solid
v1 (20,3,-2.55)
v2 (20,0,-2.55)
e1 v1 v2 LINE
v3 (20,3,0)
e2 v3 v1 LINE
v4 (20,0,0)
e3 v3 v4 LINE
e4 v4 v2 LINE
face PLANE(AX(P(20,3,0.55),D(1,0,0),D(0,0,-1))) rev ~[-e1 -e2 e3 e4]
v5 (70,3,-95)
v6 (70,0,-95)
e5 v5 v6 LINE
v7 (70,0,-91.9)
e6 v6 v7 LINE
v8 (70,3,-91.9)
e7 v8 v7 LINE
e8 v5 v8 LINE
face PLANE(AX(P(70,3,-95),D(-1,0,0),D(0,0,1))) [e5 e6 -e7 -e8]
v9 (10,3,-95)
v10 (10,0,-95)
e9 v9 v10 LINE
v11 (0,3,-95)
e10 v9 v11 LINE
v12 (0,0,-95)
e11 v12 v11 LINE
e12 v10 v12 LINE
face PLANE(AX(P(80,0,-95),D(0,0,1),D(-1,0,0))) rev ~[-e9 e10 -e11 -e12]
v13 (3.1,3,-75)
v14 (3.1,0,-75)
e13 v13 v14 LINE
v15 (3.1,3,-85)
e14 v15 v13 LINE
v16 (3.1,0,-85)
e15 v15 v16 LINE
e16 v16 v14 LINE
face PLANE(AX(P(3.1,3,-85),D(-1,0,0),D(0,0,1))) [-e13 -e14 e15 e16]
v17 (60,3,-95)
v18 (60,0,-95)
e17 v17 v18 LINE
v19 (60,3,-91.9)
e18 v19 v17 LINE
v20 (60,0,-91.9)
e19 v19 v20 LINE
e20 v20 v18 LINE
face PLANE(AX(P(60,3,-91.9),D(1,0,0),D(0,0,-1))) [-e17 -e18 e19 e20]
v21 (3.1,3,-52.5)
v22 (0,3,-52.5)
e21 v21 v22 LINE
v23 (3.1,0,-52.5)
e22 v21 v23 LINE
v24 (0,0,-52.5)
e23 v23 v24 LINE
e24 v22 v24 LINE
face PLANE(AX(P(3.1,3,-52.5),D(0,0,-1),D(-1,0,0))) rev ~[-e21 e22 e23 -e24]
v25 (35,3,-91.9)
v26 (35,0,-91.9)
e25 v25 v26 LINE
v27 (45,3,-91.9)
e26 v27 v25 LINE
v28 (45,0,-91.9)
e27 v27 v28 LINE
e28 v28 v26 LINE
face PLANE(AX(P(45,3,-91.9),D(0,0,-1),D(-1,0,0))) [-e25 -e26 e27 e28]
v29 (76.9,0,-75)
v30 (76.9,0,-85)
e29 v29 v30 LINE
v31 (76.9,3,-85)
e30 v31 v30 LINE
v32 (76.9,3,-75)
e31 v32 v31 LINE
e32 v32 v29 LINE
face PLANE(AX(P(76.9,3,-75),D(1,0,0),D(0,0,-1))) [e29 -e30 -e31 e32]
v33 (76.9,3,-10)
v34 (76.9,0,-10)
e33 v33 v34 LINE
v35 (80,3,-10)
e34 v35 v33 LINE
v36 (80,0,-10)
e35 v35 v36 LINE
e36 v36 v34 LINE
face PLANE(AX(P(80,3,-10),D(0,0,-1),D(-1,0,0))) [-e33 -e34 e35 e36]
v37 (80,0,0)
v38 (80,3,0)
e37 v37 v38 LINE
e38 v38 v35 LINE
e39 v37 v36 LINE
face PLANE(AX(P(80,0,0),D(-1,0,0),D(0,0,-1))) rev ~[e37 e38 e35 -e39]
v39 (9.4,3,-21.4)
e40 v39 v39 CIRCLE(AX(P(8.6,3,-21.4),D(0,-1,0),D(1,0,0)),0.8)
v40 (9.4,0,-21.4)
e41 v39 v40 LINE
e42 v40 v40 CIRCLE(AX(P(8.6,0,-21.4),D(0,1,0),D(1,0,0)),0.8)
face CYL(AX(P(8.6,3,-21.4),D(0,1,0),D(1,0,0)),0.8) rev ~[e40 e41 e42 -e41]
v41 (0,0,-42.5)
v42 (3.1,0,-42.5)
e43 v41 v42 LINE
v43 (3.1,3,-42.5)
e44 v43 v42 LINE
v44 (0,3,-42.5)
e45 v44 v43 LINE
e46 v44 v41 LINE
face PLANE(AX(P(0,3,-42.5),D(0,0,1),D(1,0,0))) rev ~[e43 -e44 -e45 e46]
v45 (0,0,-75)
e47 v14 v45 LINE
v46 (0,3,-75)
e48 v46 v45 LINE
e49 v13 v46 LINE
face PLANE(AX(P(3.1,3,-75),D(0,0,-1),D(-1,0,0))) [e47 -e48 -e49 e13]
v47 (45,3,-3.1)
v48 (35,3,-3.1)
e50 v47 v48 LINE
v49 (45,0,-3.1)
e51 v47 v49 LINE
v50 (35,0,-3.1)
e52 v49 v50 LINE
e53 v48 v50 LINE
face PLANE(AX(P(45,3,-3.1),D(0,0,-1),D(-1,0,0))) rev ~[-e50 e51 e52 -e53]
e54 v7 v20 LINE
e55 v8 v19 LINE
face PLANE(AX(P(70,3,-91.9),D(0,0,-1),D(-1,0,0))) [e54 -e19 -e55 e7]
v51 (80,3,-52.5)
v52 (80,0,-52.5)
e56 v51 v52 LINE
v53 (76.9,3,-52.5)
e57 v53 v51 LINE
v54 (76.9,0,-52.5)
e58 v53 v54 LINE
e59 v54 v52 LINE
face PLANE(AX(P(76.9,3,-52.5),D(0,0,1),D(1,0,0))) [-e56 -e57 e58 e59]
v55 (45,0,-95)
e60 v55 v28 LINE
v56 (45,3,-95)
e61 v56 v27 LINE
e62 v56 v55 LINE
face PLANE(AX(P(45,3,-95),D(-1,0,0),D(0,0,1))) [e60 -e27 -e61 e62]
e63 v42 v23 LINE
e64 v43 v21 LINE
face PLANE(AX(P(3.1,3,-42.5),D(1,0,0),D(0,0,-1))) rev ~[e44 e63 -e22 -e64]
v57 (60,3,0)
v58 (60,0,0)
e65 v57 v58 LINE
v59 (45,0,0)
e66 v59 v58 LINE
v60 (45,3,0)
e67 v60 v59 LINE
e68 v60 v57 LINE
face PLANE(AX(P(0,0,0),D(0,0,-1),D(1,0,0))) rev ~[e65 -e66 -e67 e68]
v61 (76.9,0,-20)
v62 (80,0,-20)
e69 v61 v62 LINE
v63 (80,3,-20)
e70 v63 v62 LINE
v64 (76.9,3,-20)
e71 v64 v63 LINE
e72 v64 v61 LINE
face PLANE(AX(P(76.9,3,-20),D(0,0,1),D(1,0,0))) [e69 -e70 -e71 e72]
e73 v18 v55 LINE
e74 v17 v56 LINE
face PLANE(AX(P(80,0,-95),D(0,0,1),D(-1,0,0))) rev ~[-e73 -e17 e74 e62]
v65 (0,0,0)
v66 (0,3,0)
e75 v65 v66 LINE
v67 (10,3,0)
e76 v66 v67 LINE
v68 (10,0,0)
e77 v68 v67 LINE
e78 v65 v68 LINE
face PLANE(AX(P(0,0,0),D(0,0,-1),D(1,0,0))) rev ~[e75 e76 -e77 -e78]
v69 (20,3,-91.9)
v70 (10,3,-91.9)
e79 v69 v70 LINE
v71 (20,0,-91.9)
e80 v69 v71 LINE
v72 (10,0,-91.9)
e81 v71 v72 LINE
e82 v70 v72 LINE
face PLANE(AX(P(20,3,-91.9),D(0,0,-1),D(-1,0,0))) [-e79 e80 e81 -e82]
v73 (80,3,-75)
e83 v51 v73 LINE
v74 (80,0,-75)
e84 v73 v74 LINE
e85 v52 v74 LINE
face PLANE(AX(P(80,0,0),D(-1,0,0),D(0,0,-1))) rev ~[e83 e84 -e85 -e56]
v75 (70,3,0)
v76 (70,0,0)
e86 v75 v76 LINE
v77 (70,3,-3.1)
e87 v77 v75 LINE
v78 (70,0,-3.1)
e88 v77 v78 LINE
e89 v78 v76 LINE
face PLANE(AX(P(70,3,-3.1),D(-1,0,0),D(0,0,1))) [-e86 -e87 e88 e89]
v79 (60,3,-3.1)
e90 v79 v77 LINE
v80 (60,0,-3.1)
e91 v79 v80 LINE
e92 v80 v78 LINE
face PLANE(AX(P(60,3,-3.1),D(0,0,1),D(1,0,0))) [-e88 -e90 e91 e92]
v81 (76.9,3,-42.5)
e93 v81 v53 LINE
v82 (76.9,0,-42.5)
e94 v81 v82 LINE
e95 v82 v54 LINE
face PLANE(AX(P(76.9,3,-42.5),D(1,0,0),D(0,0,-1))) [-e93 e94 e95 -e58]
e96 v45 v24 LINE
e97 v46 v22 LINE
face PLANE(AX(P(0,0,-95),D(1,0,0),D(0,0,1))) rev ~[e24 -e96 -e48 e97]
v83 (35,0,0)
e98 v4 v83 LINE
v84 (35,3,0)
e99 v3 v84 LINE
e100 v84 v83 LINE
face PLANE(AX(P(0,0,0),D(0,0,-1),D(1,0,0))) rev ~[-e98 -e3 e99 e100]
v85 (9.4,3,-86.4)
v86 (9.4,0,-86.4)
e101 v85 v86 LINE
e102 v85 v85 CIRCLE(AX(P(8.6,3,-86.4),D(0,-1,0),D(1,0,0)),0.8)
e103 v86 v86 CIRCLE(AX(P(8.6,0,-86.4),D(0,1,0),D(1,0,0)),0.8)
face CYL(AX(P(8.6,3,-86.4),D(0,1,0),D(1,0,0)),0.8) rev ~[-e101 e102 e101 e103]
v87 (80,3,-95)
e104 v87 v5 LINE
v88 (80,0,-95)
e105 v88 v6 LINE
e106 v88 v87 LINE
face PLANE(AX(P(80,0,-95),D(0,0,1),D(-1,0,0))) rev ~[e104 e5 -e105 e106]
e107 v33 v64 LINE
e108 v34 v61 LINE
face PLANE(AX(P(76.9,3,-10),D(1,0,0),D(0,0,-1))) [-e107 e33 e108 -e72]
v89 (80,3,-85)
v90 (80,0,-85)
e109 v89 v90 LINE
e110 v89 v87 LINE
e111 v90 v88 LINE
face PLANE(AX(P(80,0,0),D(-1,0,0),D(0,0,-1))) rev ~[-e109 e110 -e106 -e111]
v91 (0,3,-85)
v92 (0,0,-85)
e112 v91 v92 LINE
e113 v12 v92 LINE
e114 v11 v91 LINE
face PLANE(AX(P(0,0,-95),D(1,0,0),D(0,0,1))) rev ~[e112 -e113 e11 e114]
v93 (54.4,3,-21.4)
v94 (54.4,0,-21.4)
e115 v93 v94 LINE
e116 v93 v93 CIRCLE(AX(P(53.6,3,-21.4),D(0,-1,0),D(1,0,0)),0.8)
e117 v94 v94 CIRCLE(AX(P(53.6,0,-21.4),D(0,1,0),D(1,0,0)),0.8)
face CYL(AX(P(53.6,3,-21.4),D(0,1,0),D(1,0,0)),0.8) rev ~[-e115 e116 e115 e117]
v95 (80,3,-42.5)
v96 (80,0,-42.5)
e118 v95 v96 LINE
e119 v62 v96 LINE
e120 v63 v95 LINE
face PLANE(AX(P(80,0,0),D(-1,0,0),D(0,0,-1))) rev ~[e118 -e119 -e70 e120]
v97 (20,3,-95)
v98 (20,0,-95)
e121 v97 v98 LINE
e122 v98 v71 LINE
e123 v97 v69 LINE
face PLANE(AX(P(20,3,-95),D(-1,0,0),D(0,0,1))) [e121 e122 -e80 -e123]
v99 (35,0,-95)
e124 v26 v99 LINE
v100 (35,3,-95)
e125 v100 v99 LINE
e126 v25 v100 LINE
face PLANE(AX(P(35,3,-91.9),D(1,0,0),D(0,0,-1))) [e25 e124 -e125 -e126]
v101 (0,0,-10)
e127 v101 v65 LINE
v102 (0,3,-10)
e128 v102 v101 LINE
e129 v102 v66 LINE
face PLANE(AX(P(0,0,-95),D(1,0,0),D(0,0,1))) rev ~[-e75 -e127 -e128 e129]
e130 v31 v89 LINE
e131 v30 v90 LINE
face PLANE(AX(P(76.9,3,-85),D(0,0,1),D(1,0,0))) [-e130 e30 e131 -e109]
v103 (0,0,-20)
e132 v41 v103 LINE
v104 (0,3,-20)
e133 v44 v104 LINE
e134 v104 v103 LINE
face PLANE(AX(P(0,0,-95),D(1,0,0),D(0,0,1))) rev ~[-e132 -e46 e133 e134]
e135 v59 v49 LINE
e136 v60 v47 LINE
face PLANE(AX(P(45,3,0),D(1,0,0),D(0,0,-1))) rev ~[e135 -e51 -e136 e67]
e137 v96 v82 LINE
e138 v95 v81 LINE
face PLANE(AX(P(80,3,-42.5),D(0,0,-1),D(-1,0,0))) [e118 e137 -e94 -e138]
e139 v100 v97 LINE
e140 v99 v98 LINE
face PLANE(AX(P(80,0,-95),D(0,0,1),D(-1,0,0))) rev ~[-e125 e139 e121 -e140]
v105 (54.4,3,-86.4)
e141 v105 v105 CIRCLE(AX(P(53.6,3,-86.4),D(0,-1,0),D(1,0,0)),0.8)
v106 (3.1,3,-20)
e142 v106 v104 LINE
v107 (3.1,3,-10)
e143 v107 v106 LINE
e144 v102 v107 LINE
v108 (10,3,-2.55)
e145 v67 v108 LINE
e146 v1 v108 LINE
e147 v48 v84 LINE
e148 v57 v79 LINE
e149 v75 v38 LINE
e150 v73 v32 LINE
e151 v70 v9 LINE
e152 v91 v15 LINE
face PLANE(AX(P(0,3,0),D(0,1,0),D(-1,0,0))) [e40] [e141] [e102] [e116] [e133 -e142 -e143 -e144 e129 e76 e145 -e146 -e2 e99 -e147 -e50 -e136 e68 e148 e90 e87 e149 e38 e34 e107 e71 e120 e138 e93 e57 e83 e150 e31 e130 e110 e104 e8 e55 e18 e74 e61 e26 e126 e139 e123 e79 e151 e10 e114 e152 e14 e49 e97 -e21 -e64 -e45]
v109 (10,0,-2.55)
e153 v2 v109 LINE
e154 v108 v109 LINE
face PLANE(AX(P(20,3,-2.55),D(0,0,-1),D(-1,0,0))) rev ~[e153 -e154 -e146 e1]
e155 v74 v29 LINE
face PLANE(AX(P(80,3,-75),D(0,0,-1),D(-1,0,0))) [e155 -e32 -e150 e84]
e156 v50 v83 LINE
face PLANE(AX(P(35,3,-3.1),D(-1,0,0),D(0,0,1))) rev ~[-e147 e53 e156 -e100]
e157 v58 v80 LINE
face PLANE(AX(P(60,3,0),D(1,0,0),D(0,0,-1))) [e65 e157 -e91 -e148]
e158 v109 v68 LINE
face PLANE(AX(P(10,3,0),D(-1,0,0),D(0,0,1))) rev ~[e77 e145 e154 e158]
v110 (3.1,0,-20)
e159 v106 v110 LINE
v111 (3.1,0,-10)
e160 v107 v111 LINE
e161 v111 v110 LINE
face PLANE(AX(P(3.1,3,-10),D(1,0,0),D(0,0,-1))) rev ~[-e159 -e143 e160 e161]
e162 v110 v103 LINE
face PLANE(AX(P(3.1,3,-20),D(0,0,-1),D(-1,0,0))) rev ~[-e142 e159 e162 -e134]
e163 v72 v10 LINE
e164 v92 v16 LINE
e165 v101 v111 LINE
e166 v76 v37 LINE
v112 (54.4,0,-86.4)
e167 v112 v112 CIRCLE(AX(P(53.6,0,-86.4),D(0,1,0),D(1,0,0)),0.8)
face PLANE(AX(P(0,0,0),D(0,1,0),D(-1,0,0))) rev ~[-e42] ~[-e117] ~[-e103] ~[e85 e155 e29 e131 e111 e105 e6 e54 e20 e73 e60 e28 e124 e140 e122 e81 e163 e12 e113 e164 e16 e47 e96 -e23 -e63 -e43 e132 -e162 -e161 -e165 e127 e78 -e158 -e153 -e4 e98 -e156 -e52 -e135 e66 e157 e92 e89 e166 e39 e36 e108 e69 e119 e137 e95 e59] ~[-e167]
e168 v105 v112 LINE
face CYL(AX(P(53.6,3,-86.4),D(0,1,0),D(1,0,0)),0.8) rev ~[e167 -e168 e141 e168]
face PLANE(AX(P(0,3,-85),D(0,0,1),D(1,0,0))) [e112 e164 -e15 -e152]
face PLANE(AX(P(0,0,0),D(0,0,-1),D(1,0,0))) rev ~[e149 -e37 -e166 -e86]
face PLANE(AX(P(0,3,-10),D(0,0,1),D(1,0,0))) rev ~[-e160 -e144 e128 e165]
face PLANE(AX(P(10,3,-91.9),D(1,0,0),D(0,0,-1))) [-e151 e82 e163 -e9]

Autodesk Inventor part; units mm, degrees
ref_plane "YZ Plane" through (0, 0, 0) normal (1, 0, 0) x (0, 1, 0)
ref_plane "XZ Plane" through (0, 0, 0) normal (0, 1, 0) x (-1, 0, 0)
ref_plane "XY Plane" through (0, 0, 0) normal (0, 0, 1) x (1, 0, 0)
sketch "Fundo" plane through (0, 0, 0) normal (0, 1, 0) x (-1, 0, 0)
  line L0 (0, 0) -> (-80, 0)
  line L1 (-80, 0) -> (-80, -95)
  line L2 (-80, -95) -> (0, -95)
  line L3 (0, -95) -> (0, 0)
  dimension "d0" = 80
  dimension "d1" = 95
extrude "Extrusão1" add sketch "Fundo" along normal blind 3
sketch "Esboço3" plane through (0, 3, 0) normal (0, 1, 0) x (1, 0, 0)
  line L0 (10, -0.55) -> (20, -0.55)
  line L1 (20, -0.55) -> (20, 2.55)
  line L2 (20, 2.55) -> (10, 2.55)
  line L3 (10, 2.55) -> (10, -0.55)
  line L4 (0, 0) -> (80, 0) projected
  line L5 (70, 0) -> (60, 0)
  line L6 (60, 0) -> (60, 3.1)
  line L7 (60, 3.1) -> (70, 3.1)
  line L8 (70, 3.1) -> (70, 0)
  line L9 (35, 0) -> (45, 0)
  line L10 (45, 0) -> (45, 3.1)
  line L11 (45, 3.1) -> (35, 3.1)
  line L12 (35, 3.1) -> (35, 0)
  line L13 (80, 95) -> (0, 95) projected
  line L14 (10, 95) -> (20, 95)
  line L15 (20, 95) -> (20, 91.9)
  line L16 (20, 91.9) -> (10, 91.9)
  line L17 (10, 91.9) -> (10, 95)
  line L18 (35, 95) -> (45, 95)
  line L19 (45, 95) -> (45, 91.9)
  line L20 (45, 91.9) -> (35, 91.9)
  line L21 (35, 91.9) -> (35, 95)
  line L22 (60, 95) -> (70, 95)
  line L23 (70, 95) -> (70, 91.9)
  line L24 (70, 91.9) -> (60, 91.9)
  line L25 (60, 91.9) -> (60, 95)
  line L26 (80, 0) -> (80, 95) projected
  line L27 (0, 95) -> (0, 0) projected
  point P0 (10, 1)
  point P1 (60, 1.55)
  point P2 (20, 1)
  point P3 (35, 1.55)
  point P4 (10, 93.45)
  point P5 (70, 93.45)
  point P6 (60, 93.45)
  point P7 (45, 93.45)
  point P8 (45, 1.55)
  point P9 (35, 93.45)
  point P10 (20, 93.45)
  point P11 (20, 95)
  point P12 (45, 0)
  point P13 (60, 0)
  point P14 (70, 1.55)
  dimension "d4" = 10
  dimension "d5" = 3.1
  dimension "d7" = 10
  dimension "d8" = 3.1
  dimension "d10" = 10
  dimension "d11" = 3.1
  dimension "d18" = 10
  dimension "d19" = 3.1
  dimension "d20" = 10
  dimension "d21" = 3.1
  dimension "d22" = 10
  dimension "d23" = 3.1
  dimension "d30" = 10
  dimension "d113" = 10
  dimension "d114" = 10
  dimension "d115" = 15
  dimension "d116" = 15
  dimension "d117" = 40
  dimension "d118" = 15
  dimension "d119" = 15
  dimension "d120" = 10
extrude "Extrusão2" cut sketch "Esboço3" against normal blind 10 contours L3 L4 L1 L0 | L3 L2 L1 L4 | L12 L11 L10 L4 | L13 L15 L16 L17 | L6 L7 L8 L4 | L13 L19 L20 L21 | L13 L23 L24 L25
sketch "Esboço4" plane through (0, 3, 0) normal (0, 1, 0) x (1, 0, 0)
  line L0 (0, 95) -> (0, 0) projected
  line L1 (0, 10) -> (3.1, 10)
  line L2 (3.1, 10) -> (3.1, 20)
  line L3 (3.1, 20) -> (0, 20)
  line L4 (0, 20) -> (0, 10)
  line L5 (0, 85) -> (3.1, 85)
  line L6 (3.1, 85) -> (3.1, 75)
  line L7 (3.1, 75) -> (0, 75)
  line L8 (0, 75) -> (0, 85)
  line L9 (0, 42.5) -> (3.1, 42.5)
  line L10 (3.1, 42.5) -> (3.1, 52.5)
  line L11 (3.1, 52.5) -> (0, 52.5)
  line L12 (0, 52.5) -> (0, 42.5)
  line L13 (10, 95) -> (0, 95) projected
  line L14 (80, 0) -> (80, 95) projected
  line L15 (80, 10) -> (76.9, 10)
  line L16 (76.9, 10) -> (76.9, 20)
  line L17 (76.9, 20) -> (80, 20)
  line L18 (80, 20) -> (80, 10)
  line L19 (80, 42.5) -> (76.9, 42.5)
  line L20 (76.9, 42.5) -> (76.9, 52.5)
  line L21 (76.9, 52.5) -> (80, 52.5)
  line L22 (80, 52.5) -> (80, 42.5)
  line L23 (80, 75) -> (76.9, 75)
  line L24 (76.9, 75) -> (76.9, 85)
  line L25 (76.9, 85) -> (80, 85)
  line L26 (80, 85) -> (80, 75)
  line L27 (70, 0) -> (80, 0) projected
  line L28 (80, 95) -> (70, 95) projected
  point P0 (1.55, 10)
  point P1 (1.55, 85)
  point P2 (1.55, 75)
  point P3 (1.55, 52.5)
  point P4 (1.55, 20)
  point P5 (78.45, 10)
  point P6 (78.45, 85)
  point P7 (78.45, 52.5)
  point P8 (78.45, 75)
  point P9 (80, 85)
  point P10 (0, 75)
  point P11 (0, 52.5)
  point P12 (0, 20)
  point P13 (78.45, 42.5)
  point P14 (78.45, 20)
  dimension "d44" = 3.1
  dimension "d45" = 10
  dimension "d46" = 10
  dimension "d47" = 3.1
  dimension "d48" = 10
  dimension "d49" = 10
  dimension "d50" = 10
  dimension "d51" = 22.5
  dimension "d53" = 3.1
  dimension "d54" = 10
  dimension "d55" = 3.1
  dimension "d56" = 10
  dimension "d57" = 3.1
  dimension "d58" = 10
  dimension "d59" = 10
  dimension "d60" = 10
  dimension "d61" = 22.5
  dimension "d64" = 22.5
  dimension "d130" = 55
extrude "Extrusão3" cut sketch "Esboço4" against normal blind 10
sketch "Esboço6" plane through (0, 3, 0) normal (0, 1, 0) x (1, 0, 0)
  line L0 (8.6, 86.4) -> (53.6, 86.4)
  line L1 (53.6, 86.4) -> (53.6, 21.4)
  line L2 (53.6, 21.4) -> (8.6, 21.4)
  line L3 (8.6, 21.4) -> (8.6, 86.4)
  line L4 (3.1, 85) -> (3.1, 75) projected
  line L5 (20, 91.9) -> (10, 91.9) projected
  circle A0 centre (53.6, 86.4) radius 0.8
  circle A1 centre (53.6, 21.4) radius 0.8
  circle A2 centre (8.6, 21.4) radius 0.8
  circle A3 centre (8.6, 86.4) radius 0.8
  point P0 (0, 0)
  point P1 (3.1, 80)
  point P2 (15, 91.9)
  dimension "d134" = 65
  dimension "d135" = 45
  dimension "d136" = 5.5
  dimension "d137" = 5.5
  dimension "d138" = 1.6
  dimension "d139" = 1.6
  dimension "d140" = 1.6
  dimension "d141" = 1.6
extrude "Extrusão4" cut sketch "Esboço6" against normal blind 10 contours L3 A3 L0 | L0 A3 L3 | A0 L1 L0 | L0 L1 A0 | A2 L2 L3 | L3 L2 A2 | A1 L2 L1 | L1 L2 A1
properties part number "Fundo"
